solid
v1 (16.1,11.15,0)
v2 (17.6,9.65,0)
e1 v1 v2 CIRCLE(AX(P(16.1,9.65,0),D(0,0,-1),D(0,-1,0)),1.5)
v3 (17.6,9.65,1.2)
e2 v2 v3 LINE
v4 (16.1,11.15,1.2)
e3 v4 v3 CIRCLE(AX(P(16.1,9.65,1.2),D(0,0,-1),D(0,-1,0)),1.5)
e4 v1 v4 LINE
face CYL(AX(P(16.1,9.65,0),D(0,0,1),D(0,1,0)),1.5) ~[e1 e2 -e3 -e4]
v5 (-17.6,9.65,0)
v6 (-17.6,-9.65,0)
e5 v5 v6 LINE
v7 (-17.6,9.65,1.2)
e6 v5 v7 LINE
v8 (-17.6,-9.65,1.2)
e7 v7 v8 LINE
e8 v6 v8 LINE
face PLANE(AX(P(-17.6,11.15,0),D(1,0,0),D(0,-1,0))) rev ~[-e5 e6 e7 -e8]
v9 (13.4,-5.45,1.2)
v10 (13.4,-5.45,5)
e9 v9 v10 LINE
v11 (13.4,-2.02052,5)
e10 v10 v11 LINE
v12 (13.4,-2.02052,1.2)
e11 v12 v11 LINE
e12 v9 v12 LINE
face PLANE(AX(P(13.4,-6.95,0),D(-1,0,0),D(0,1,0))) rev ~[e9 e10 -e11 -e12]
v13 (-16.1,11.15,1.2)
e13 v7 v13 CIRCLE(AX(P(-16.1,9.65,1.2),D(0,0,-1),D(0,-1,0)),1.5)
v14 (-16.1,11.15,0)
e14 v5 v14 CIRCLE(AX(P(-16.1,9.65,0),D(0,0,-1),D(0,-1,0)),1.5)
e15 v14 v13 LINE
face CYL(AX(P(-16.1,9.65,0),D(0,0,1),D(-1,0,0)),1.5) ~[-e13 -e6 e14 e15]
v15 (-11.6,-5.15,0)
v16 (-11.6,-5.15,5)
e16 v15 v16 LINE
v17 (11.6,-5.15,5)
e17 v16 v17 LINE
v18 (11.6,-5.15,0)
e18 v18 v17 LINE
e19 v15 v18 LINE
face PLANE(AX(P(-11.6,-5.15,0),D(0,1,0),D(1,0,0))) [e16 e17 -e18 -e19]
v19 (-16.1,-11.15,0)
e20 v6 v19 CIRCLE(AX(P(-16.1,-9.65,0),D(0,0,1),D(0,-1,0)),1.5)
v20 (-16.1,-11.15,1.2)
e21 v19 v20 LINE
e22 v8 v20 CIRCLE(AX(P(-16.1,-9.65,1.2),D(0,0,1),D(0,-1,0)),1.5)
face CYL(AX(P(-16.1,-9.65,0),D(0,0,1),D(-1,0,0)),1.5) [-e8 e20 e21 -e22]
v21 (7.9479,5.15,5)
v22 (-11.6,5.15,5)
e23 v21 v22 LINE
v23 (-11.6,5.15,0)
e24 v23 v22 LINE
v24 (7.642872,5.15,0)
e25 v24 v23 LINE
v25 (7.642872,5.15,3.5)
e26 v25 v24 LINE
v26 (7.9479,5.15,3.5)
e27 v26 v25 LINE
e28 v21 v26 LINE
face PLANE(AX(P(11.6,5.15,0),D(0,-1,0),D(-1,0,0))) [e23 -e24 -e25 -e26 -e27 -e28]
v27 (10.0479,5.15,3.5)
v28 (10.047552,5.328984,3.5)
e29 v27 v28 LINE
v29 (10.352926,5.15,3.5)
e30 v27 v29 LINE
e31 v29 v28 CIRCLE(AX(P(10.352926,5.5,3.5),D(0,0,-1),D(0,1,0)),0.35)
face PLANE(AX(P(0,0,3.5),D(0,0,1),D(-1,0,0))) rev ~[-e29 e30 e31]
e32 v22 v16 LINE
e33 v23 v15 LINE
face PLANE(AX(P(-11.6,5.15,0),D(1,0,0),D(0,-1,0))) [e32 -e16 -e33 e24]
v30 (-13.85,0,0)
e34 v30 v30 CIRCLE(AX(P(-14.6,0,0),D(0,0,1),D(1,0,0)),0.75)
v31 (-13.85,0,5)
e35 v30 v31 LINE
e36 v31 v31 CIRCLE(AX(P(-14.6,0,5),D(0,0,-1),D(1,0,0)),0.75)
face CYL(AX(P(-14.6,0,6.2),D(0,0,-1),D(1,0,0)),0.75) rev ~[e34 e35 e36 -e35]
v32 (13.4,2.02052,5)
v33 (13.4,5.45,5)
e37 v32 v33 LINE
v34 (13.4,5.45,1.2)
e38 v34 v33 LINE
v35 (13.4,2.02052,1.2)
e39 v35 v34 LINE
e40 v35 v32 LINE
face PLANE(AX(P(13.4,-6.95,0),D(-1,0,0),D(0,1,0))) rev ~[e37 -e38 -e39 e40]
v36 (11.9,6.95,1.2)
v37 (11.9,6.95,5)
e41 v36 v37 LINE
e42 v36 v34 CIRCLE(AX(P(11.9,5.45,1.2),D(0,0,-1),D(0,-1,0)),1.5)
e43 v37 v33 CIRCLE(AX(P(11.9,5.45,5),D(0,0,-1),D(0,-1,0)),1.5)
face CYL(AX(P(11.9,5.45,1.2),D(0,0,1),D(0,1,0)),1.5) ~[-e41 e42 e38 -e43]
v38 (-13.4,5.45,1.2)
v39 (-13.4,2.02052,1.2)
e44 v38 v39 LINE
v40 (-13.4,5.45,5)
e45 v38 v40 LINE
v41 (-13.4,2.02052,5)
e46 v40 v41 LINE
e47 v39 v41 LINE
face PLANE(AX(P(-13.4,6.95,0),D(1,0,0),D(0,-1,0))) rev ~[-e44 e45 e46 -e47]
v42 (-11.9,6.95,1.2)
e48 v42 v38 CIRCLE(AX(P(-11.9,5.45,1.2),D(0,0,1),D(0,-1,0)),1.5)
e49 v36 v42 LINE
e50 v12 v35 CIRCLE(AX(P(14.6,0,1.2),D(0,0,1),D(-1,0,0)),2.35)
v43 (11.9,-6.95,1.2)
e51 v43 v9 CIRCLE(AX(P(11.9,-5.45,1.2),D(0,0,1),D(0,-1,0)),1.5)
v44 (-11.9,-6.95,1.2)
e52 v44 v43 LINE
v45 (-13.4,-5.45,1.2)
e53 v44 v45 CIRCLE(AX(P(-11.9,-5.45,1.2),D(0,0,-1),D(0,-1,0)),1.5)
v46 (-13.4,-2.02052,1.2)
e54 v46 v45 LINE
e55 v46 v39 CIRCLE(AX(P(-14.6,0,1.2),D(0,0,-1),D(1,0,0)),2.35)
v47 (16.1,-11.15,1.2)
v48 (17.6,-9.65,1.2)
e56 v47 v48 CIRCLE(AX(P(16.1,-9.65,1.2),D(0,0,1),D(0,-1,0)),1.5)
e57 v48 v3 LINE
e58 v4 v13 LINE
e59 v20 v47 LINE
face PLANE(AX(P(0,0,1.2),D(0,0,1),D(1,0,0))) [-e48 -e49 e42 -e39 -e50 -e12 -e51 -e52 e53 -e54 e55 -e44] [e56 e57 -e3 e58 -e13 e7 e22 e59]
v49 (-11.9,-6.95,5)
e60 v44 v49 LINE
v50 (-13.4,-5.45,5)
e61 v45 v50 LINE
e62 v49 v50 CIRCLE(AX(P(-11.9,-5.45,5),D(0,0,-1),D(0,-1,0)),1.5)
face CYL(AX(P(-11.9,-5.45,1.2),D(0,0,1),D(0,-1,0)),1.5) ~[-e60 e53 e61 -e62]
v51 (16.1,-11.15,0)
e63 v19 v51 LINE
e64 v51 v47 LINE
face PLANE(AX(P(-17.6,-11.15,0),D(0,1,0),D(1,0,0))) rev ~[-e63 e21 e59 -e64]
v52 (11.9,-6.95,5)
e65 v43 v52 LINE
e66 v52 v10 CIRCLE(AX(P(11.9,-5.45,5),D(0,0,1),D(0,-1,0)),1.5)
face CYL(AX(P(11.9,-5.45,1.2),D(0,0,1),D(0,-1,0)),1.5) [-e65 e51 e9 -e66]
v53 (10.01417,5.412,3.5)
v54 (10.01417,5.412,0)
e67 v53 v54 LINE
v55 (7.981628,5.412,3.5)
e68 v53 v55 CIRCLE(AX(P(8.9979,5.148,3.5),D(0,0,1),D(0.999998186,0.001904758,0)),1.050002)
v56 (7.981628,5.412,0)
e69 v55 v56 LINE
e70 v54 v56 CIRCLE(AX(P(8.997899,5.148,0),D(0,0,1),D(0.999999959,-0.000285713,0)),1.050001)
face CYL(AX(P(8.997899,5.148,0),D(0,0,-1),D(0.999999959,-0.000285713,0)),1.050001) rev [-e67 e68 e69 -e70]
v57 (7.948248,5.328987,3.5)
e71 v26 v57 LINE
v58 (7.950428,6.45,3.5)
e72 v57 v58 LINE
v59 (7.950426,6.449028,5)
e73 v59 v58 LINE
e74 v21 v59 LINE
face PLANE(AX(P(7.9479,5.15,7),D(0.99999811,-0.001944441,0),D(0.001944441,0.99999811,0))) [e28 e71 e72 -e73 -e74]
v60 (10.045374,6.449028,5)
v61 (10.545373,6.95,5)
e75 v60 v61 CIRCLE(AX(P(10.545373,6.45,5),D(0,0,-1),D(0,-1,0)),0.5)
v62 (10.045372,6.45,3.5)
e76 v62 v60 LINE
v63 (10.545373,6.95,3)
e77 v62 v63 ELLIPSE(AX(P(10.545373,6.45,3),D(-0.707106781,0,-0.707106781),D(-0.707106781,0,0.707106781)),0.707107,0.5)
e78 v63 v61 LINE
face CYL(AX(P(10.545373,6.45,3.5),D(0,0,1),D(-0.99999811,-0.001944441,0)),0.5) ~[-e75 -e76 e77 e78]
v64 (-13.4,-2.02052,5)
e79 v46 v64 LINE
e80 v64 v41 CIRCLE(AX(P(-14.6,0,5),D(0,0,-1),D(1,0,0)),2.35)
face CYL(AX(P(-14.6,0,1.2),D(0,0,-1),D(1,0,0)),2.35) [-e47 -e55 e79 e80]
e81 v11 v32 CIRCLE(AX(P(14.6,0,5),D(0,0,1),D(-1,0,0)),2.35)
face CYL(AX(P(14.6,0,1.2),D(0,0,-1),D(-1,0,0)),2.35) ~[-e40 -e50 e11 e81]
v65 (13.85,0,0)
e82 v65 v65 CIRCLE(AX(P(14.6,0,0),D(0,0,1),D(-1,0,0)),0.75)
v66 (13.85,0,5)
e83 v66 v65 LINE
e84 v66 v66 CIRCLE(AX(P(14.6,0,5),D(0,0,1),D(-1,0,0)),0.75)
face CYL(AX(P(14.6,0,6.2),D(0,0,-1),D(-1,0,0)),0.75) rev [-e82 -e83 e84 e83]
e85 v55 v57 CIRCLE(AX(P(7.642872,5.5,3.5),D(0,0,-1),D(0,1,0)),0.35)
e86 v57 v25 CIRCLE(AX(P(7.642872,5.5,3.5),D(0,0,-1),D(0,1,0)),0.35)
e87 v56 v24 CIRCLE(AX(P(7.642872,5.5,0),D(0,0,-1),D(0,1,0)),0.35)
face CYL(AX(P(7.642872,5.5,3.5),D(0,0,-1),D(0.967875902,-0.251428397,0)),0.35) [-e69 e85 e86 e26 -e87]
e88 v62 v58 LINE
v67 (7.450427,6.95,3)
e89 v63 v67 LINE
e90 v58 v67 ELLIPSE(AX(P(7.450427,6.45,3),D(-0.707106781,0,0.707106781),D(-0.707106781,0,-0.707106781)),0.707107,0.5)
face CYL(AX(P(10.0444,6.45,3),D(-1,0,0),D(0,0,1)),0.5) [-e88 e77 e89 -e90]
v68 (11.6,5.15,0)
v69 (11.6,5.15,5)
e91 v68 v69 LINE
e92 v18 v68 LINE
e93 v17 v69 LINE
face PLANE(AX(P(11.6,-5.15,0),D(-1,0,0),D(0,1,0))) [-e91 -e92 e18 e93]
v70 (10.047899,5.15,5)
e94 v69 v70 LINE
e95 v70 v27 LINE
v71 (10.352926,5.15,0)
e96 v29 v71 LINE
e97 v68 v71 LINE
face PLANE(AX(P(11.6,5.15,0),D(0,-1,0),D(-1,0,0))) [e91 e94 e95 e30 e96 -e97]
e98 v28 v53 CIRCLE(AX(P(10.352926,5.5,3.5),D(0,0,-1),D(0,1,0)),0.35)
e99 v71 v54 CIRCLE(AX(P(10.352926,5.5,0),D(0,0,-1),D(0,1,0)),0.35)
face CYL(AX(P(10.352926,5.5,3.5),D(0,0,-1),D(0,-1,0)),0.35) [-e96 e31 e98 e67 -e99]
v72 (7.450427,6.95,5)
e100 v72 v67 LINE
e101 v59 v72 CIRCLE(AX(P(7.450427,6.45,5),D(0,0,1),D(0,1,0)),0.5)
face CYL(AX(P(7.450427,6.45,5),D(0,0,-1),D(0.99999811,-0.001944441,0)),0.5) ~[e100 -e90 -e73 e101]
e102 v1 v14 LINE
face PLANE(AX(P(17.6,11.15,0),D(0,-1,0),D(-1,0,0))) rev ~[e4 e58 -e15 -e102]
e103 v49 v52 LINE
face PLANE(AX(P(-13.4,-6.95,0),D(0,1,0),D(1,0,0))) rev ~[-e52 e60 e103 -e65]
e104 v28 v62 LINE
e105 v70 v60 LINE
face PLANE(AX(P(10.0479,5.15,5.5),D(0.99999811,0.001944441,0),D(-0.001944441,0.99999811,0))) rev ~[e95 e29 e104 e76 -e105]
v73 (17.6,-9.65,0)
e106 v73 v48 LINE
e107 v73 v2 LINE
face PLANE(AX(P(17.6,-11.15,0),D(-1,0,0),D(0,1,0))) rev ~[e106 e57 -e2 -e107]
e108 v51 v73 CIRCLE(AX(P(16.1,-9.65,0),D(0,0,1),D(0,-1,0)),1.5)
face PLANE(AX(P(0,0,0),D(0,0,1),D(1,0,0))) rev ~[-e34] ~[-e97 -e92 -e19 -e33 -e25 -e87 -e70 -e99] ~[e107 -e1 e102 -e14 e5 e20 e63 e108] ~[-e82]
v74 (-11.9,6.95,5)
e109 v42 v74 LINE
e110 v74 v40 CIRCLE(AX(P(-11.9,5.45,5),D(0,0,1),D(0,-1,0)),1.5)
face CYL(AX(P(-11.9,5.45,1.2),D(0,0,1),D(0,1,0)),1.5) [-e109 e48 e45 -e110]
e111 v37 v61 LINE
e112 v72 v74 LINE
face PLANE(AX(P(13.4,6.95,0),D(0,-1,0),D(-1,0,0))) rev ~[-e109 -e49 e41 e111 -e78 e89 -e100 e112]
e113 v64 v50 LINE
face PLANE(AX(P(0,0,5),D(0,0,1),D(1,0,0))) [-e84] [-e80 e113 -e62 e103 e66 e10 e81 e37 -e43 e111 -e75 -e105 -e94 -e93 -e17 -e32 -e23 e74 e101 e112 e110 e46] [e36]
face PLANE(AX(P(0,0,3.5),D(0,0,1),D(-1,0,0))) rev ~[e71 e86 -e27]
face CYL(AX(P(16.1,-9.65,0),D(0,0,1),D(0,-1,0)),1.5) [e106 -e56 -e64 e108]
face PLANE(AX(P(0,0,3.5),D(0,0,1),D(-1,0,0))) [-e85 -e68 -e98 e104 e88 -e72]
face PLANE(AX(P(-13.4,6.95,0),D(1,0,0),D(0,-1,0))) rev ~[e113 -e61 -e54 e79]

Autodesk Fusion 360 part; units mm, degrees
sketch "Sketch1" plane through (0, 0, 0) normal (0, 0, 1) x (1, 0, 0)
  line L0 (11.6, 5.15) -> (-11.6, 5.15)
  line L1 (-11.6, 5.15) -> (-11.6, -5.15)
  line L2 (-11.6, -5.15) -> (11.6, -5.15)
  line L3 (11.6, -5.15) -> (11.6, 5.15)
  line L4 (11.6, 5.15) -> (-11.6, -5.15) construction
  line L5 (-11.6, 5.15) -> (11.6, -5.15) construction
  line L6 (-17.6, -11.15) -> (17.6, -11.15)
  line L7 (17.6, -11.15) -> (17.6, 11.15)
  line L8 (17.6, 11.15) -> (-17.6, 11.15)
  line L9 (-17.6, 11.15) -> (-17.6, -11.15)
  line L10 (13.4, 6.95) -> (-13.4, 6.95)
  line L11 (-13.4, 6.95) -> (-13.4, -6.95)
  line L12 (-13.4, -6.95) -> (13.4, -6.95)
  line L13 (13.4, -6.95) -> (13.4, 6.95)
  dimension "d1" = 23.2
  dimension "d2" = 10.3
  dimension "d3" = 6
  dimension "d4" = 1.8
extrude "Extrude1" add sketch "Sketch1" along normal blind 7 contours L10 L11 L12 L13
extrude "Extrude2" add sketch "Sketch1" along normal blind 1.2 contours L6 L7 L8 L9
sketch "Sketch2" plane through (0, 0, 0) normal (0, 0, 1) x (1, 0, 0)
  line L0 (-22, 0) -> (23, 0) construction
  circle A0 centre (14.6, 0) radius 0.75 construction
  line L1 (11.6, -5.15) -> (11.6, 5.15) construction
  dimension "d9" = 1.5
  dimension "d10" = 3
sketch "Sketch3" plane through (0, 0, 1.2) normal (0, 0, 1) x (-1, 0, 0)
  line L0 (-13.4, -6.95) -> (-13.4, 6.95)
  line L1 (-13.4, 6.95) -> (13.4, 6.95)
  line L2 (13.4, 6.95) -> (13.4, -6.95)
  line L3 (13.4, -6.95) -> (-13.4, -6.95)
  line L4 (17.6, -11.15) -> (17.6, 11.15)
  line L5 (17.6, 11.15) -> (-17.6, 11.15)
  line L6 (-17.6, 11.15) -> (-17.6, -11.15)
  line L7 (-17.6, -11.15) -> (17.6, -11.15)
  circle A0 centre (-14.6, 0) radius 0.75
  circle A1 centre (-14.6, 0) radius 2.35
  dimension "d11" = 1.6
extrude "Extrude3" add sketch "Sketch3" along normal blind 5 contours L0 A1 picked at (-13.55, 0)
extrude "Extrude9" cut 1 faces at (14.8389, -0.0008, 1.2) along direction (0, 0, -1) up to surface (1.2 mm away)
mirror "Mirror1" about plane through (0, 0, 0) normal (1, 0, 0) of "Extrude2", "Extrude3"
sketch "Sketch4" plane through (0, 0, 0) normal (0, 0, 1) x (1, 0, 0)
  line L0 (11.6, -1) -> (17.6, -1)
  line L1 (17.6, -1) -> (17.6, 0.9)
  line L2 (17.6, 0.9) -> (11.6, 0.9)
  line L3 (11.6, 0.9) -> (11.6, -1)
sketch "Sketch5" plane through (0, 0, 0) normal (0, 0, 1) x (1, 0, 0)
  arc A0 (10.0479, 5.1477) -> (7.9479, 5.146) centre (8.9979, 5.148) ccw
  line L0 (7.9479, 5.146) -> (10.0479, 5.1477)
  dimension "d17" = 1.05
extrude "Extrude4" cut sketch "Sketch5" along normal up to surface (7 mm away)
extrude "Extrude5" add 2 faces at (13.55, 0, 6.2) (-13.55, 0, 6.2) along direction (0, 0, 1) up to surface end surface through (0, 0, 7) normal (0, 0, 1) offset 0
sketch "Sketch6" plane through (0, 0, 7) normal (0, 0, 1) x (-1, 0, 0)
  circle A0 centre (14.6, 0) radius 0.75
  circle A1 centre (-14.6, 0) radius 0.75
  line L0 (-13.4, 6.95) -> (-13.4, 2.0205)
  arc A2 (-13.4, 2.0205) -> (-13.4, -2.0205) centre (-14.6, 0) ccw
  line L1 (-13.4, -2.0205) -> (-13.4, -6.95)
  line L2 (-13.4, -6.95) -> (13.4, -6.95)
  line L3 (13.4, -6.95) -> (13.4, -2.0205)
  arc A3 (13.4, -2.0205) -> (13.4, 2.0205) centre (14.6, 0) ccw
  line L4 (13.4, 2.0205) -> (13.4, 6.95)
  line L5 (13.4, 6.95) -> (-13.4, 6.95)
  arc A4 (-10.0479, -5.15) -> (-7.9479, -5.15) centre (-8.9979, -5.148) ccw
  line L6 (-10.0479, -5.15) -> (-11.6, -5.15)
  line L7 (-11.6, -5.15) -> (-11.6, 5.15)
  line L8 (-11.6, 5.15) -> (11.6, 5.15)
  line L9 (11.6, 5.15) -> (11.6, -5.15)
  line L10 (11.6, -5.15) -> (-7.9479, -5.15)
  line L11 (-10.0479, -5.15) -> (-10.0444, -6.95)
  line L12 (-7.9479, -5.15) -> (-7.9514, -6.95)
extrude "Extrude6" cut sketch "Sketch6" against normal blind 1.5 contours L2 A4 L11 L12
extrude "Extrude7" cut 1 faces at (8.9718, 6.6983, 5.5) along direction (0, 0, -1) blind 2
extrude "Extrude8" cut 1 faces at (-3.8667, -6.35, 7) along direction (0, 0, -1) blind 2
fillet "Fillet1" radius 0.35 2 edges at (7.9479, 5.15, 2.75) (10.0479, 5.15, 2.75)
fillet "Fillet2" radius 1.5 8 edges at (13.4, -6.95, 4.1) (13.4, 6.95, 4.1) (-13.4, -6.95, 4.1) (-13.4, 6.95, 4.1) (17.6, -11.15, 0.6) (-17.6, -11.15, 0.6) (-17.6, 11.15, 0.6) (17.6, 11.15, 0.6)
fillet "Fillet5" radius 0.5 3 edges at (8.9979, 6.95, 3.5) (7.9514, 6.95, 4.25) (10.0444, 6.95, 4.25)
extrude "Extrude10" cut 1 faces at (14.3611, -0.4138, 1.2) along direction (0, 0, -1) blind 2
extrude "Extrude11" cut 1 faces at (-14.4167, 0.2446, 1.2) along direction (0, 0, -1) blind 2
